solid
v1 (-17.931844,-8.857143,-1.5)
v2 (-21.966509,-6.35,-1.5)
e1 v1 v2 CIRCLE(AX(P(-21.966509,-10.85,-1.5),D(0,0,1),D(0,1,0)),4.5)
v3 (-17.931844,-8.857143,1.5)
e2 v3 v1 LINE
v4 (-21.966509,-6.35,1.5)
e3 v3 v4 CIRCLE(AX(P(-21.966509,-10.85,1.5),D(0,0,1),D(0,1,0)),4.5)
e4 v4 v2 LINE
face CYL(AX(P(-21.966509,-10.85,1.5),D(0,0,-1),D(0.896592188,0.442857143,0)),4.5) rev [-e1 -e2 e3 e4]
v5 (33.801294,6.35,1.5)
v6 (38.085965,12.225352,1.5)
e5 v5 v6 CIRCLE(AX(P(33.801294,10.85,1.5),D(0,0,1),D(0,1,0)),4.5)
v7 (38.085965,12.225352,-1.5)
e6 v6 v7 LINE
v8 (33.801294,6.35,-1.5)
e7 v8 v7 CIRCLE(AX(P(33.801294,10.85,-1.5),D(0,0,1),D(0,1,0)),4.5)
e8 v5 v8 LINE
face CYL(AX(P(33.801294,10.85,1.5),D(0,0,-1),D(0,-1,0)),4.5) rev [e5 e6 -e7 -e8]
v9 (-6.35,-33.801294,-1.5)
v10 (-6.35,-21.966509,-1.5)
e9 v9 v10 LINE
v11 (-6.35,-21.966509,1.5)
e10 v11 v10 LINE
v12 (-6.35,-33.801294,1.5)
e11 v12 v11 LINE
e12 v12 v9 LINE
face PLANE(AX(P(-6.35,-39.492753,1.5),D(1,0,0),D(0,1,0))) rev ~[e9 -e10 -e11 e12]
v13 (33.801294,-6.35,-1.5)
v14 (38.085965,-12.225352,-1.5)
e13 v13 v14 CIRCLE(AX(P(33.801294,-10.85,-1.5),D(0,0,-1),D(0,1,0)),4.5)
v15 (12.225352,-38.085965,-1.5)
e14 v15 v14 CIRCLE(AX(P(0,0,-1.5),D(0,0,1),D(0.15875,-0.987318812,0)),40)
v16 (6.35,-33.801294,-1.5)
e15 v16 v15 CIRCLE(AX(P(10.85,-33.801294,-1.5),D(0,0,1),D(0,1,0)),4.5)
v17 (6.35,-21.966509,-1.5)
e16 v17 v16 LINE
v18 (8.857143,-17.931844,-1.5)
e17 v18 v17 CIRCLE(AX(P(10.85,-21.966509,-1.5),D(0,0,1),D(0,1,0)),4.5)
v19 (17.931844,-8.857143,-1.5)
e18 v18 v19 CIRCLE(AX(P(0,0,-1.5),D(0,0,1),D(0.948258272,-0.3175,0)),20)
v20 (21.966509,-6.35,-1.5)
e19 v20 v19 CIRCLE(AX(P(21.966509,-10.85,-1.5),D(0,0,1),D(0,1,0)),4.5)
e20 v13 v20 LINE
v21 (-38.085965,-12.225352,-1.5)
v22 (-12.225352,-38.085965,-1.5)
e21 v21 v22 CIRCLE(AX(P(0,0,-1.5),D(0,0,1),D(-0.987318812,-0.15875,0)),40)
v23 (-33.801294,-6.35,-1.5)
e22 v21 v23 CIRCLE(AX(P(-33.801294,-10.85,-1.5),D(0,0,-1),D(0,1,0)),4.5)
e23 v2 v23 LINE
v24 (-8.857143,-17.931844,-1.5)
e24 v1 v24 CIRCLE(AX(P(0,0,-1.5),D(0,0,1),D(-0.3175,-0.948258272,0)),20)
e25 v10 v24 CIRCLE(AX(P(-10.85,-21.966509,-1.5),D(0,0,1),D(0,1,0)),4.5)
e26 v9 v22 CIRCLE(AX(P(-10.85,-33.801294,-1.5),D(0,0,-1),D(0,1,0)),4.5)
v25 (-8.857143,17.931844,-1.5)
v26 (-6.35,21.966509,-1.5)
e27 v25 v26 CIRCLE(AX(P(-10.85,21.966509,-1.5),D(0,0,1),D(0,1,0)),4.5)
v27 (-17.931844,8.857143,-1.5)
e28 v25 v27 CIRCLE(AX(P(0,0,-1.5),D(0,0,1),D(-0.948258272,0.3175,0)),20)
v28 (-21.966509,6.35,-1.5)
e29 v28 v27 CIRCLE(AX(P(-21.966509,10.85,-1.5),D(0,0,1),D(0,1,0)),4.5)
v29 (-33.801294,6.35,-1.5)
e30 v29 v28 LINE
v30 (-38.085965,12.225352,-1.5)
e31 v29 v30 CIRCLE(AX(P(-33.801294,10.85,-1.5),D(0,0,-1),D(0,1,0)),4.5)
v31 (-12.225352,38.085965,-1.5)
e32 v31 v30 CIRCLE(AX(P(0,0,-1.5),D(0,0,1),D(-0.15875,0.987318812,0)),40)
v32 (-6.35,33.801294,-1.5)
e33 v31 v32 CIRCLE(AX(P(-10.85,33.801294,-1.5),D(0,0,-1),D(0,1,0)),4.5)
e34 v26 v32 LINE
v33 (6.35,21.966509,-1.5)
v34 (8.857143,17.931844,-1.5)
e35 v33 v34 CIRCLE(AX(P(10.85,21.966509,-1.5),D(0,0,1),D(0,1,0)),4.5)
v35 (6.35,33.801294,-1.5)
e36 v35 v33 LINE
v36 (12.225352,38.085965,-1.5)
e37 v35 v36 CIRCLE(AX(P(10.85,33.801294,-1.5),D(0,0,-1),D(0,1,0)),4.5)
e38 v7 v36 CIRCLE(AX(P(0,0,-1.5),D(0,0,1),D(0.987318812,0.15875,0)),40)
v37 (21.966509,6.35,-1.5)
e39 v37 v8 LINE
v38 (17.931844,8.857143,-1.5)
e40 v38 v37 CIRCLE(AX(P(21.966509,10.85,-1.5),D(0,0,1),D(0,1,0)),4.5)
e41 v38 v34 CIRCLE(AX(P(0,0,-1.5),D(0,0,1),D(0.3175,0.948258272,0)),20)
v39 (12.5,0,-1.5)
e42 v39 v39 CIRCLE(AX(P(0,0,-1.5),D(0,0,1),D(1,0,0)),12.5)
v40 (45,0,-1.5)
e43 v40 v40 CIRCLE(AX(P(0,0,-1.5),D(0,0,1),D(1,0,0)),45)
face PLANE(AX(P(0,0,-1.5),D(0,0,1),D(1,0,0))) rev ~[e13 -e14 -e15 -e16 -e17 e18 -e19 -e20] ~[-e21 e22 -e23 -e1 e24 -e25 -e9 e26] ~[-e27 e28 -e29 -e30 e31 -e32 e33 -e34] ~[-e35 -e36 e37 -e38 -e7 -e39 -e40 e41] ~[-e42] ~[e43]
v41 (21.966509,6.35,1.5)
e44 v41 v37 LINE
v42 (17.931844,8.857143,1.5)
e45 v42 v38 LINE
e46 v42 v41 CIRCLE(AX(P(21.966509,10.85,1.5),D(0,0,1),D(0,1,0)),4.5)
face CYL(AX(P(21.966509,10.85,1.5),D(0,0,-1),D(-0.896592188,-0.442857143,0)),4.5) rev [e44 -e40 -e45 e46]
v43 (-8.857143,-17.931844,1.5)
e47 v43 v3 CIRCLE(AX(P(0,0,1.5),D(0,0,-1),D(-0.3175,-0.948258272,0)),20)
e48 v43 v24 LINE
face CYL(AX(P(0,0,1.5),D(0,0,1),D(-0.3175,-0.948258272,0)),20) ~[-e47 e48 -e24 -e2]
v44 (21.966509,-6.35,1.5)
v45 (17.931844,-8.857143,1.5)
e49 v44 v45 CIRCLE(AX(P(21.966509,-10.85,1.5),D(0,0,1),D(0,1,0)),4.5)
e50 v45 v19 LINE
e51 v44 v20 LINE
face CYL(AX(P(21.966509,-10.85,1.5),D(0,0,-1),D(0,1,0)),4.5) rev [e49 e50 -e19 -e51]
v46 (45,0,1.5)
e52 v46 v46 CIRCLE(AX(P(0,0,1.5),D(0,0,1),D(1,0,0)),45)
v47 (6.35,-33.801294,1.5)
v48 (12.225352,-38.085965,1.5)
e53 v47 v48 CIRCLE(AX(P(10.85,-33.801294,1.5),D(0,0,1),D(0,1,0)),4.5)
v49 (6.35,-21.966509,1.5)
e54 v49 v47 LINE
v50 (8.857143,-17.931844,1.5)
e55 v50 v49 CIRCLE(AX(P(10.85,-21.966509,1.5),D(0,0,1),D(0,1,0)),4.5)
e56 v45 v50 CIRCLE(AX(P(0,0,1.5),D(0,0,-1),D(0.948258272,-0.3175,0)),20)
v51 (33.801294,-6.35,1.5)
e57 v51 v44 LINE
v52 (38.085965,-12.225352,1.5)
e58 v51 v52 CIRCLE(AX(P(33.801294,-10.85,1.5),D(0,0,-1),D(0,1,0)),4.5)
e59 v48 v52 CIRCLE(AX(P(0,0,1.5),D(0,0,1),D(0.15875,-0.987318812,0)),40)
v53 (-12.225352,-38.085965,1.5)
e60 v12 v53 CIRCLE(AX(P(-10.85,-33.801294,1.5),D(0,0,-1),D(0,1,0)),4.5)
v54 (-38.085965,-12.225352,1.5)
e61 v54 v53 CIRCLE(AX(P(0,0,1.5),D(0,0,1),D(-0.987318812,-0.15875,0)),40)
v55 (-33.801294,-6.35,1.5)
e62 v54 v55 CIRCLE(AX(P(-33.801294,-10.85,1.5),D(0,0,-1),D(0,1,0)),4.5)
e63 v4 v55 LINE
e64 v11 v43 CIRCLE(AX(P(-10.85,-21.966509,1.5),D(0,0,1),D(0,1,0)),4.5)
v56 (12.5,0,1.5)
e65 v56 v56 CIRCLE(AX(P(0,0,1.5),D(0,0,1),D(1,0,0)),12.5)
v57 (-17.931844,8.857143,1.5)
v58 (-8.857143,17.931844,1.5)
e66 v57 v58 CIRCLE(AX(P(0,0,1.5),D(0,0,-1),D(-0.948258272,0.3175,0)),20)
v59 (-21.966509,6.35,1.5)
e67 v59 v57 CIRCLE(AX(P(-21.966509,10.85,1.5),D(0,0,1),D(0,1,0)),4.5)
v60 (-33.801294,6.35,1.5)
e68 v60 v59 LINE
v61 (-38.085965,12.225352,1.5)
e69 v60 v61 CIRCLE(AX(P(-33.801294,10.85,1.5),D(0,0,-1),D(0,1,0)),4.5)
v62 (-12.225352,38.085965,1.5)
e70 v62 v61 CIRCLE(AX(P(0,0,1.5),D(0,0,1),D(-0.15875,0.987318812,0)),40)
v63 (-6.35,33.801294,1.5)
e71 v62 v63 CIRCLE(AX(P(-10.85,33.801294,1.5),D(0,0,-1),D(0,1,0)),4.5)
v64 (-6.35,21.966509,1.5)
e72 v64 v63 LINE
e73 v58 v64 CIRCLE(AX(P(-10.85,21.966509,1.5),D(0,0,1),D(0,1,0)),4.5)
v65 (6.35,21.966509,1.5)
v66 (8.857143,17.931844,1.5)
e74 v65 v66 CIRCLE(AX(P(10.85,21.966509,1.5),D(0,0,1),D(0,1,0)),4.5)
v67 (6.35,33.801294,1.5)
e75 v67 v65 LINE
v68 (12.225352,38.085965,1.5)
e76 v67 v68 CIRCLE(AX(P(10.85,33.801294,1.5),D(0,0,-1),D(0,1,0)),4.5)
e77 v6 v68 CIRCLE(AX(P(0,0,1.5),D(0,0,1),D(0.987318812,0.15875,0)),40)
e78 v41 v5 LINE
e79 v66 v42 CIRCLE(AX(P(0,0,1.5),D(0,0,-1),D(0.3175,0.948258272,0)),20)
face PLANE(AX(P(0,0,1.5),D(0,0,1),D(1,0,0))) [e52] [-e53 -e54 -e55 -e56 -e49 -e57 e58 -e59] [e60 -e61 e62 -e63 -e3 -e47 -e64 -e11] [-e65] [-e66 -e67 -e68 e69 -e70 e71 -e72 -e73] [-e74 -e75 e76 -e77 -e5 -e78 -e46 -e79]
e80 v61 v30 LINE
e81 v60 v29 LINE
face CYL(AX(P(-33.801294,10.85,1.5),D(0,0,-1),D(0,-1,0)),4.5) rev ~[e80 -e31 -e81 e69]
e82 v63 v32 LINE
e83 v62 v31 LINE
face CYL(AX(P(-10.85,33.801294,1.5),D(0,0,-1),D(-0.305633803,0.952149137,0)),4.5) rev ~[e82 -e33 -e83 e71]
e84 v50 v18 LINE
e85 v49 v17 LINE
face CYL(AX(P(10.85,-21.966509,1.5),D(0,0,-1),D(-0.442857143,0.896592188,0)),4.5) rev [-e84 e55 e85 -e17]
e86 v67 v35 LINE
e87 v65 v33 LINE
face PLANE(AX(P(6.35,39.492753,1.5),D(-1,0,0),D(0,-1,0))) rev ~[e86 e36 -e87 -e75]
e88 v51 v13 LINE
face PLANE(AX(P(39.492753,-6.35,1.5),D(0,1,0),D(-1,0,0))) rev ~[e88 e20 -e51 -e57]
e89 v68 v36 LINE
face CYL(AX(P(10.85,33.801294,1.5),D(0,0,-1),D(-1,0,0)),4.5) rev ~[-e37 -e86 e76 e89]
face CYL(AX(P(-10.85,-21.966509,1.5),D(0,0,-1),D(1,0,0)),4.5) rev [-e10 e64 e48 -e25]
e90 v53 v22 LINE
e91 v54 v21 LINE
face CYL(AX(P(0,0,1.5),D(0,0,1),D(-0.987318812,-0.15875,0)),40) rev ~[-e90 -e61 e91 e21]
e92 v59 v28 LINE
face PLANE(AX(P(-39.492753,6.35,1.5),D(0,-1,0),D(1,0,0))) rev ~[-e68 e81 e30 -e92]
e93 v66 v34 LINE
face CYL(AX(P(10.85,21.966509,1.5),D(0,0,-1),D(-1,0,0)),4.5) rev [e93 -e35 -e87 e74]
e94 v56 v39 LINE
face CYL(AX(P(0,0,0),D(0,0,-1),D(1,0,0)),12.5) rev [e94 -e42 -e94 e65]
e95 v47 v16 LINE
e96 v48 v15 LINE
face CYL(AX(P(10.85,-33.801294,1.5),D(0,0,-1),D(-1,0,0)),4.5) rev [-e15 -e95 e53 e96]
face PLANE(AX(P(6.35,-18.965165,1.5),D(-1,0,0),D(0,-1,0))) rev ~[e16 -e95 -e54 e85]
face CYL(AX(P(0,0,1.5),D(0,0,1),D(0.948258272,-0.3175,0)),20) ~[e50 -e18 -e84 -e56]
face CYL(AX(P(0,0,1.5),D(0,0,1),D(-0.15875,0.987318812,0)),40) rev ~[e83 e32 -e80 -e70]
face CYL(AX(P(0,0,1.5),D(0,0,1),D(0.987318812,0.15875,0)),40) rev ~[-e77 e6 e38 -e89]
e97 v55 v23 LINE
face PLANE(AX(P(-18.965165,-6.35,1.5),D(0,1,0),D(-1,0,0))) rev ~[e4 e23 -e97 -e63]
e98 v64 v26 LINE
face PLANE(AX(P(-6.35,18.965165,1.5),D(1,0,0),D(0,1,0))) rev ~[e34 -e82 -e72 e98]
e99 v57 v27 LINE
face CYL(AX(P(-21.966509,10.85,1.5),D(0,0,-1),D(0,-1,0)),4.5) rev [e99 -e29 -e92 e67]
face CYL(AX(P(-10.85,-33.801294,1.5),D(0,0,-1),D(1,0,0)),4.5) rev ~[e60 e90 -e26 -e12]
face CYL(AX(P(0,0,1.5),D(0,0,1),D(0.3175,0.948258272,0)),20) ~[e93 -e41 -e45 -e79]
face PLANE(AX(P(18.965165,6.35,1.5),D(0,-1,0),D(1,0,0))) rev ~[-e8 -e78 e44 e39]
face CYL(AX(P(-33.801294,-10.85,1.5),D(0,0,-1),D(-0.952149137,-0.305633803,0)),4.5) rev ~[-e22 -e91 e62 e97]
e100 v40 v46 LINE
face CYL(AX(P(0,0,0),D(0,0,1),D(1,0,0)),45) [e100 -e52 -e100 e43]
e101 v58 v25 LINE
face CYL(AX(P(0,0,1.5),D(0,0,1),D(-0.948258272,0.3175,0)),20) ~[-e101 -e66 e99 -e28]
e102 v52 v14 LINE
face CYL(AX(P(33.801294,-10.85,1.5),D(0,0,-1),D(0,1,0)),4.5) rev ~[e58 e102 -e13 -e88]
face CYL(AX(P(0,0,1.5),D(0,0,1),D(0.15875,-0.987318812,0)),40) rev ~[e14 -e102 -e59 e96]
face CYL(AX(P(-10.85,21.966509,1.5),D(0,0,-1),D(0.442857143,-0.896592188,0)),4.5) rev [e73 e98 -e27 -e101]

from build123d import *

# Parameters (mm, degrees)
SKETCH_1_R                       = 45
SKETCH_1_R_2                     = 12.5
EXTRUDE_1_DEPTH                  = 1.5
CUT_EXTRUDE_1_DEPTH              = 64.710281745
FILLET_1_R                       = 4.5
PATTERN_CIRCULAR_1_COUNT         = 4
FILLET_1_OF_PATTERN_CIRCULAR_1_R = 4.5


with BuildPart() as part:
    # 스케치1 → 보스-돌출1 (new, symmetric)
    with BuildSketch(Plane.XY):
        Circle(SKETCH_1_R)
        Circle(SKETCH_1_R_2, mode=Mode.SUBTRACT)
    extrude(amount=EXTRUDE_1_DEPTH, both=True)

    # 스케치2 → 컷-돌출1 (cut, through all)
    with BuildSketch(Plane.XY.offset(1.5)):
        with BuildLine():
            Line((6.35, 39.4927525), (6.35, 18.965165436))
            ThreePointArc((6.35, 18.965165436), (14.142135624, 14.142135624), (18.965165436, 6.35))
            Line((18.965165436, 6.35), (39.4927525, 6.35))
            ThreePointArc((39.4927525, 6.35), (28.284271247, 28.284271247), (6.35, 39.4927525))
        make_face()
    cut_extrude_1 = extrude(amount=-CUT_EXTRUDE_1_DEPTH, mode=Mode.SUBTRACT)

    # 필렛1
    fillet_1_edges = [part.edges().sort_by_distance(p)[0] for p in [
        (6.35, 39.4927525, 0),
        (39.4927525, 6.35, 0),
        (18.965165436, 6.35, 0),
        (6.35, 18.965165436, 0),
    ]]
    fillet(fillet_1_edges, radius=FILLET_1_R)

    # 원형 패턴1: 컷-돌출1 ×4 about axis
    pattern_circular_1_axis = Axis((0, 0, 0), (0, 0, 1))
    for i in range(1, PATTERN_CIRCULAR_1_COUNT):
        add(cut_extrude_1.rotate(pattern_circular_1_axis, i * 360 / PATTERN_CIRCULAR_1_COUNT), mode=Mode.SUBTRACT)

    # 필렛1 of 원형 패턴1
    fillet_1_of_pattern_circular_1_edges = [part.edges().sort_by_distance(p)[0] for p in [
        (-39.4927525, 6.35, 0),
        (-6.35, 39.4927525, 0),
        (-6.35, 18.965165436, 0),
        (-18.965165436, 6.35, 0),
        (-6.35, -39.4927525, 0),
        (-39.4927525, -6.35, 0),
        (-18.965165436, -6.35, 0),
        (-6.35, -18.965165436, 0),
        (39.4927525, -6.35, 0),
        (6.35, -39.4927525, 0),
        (6.35, -18.965165436, 0),
        (18.965165436, -6.35, 0),
    ]]
    fillet(fillet_1_of_pattern_circular_1_edges, radius=FILLET_1_OF_PATTERN_CIRCULAR_1_R)


solid = part.part
